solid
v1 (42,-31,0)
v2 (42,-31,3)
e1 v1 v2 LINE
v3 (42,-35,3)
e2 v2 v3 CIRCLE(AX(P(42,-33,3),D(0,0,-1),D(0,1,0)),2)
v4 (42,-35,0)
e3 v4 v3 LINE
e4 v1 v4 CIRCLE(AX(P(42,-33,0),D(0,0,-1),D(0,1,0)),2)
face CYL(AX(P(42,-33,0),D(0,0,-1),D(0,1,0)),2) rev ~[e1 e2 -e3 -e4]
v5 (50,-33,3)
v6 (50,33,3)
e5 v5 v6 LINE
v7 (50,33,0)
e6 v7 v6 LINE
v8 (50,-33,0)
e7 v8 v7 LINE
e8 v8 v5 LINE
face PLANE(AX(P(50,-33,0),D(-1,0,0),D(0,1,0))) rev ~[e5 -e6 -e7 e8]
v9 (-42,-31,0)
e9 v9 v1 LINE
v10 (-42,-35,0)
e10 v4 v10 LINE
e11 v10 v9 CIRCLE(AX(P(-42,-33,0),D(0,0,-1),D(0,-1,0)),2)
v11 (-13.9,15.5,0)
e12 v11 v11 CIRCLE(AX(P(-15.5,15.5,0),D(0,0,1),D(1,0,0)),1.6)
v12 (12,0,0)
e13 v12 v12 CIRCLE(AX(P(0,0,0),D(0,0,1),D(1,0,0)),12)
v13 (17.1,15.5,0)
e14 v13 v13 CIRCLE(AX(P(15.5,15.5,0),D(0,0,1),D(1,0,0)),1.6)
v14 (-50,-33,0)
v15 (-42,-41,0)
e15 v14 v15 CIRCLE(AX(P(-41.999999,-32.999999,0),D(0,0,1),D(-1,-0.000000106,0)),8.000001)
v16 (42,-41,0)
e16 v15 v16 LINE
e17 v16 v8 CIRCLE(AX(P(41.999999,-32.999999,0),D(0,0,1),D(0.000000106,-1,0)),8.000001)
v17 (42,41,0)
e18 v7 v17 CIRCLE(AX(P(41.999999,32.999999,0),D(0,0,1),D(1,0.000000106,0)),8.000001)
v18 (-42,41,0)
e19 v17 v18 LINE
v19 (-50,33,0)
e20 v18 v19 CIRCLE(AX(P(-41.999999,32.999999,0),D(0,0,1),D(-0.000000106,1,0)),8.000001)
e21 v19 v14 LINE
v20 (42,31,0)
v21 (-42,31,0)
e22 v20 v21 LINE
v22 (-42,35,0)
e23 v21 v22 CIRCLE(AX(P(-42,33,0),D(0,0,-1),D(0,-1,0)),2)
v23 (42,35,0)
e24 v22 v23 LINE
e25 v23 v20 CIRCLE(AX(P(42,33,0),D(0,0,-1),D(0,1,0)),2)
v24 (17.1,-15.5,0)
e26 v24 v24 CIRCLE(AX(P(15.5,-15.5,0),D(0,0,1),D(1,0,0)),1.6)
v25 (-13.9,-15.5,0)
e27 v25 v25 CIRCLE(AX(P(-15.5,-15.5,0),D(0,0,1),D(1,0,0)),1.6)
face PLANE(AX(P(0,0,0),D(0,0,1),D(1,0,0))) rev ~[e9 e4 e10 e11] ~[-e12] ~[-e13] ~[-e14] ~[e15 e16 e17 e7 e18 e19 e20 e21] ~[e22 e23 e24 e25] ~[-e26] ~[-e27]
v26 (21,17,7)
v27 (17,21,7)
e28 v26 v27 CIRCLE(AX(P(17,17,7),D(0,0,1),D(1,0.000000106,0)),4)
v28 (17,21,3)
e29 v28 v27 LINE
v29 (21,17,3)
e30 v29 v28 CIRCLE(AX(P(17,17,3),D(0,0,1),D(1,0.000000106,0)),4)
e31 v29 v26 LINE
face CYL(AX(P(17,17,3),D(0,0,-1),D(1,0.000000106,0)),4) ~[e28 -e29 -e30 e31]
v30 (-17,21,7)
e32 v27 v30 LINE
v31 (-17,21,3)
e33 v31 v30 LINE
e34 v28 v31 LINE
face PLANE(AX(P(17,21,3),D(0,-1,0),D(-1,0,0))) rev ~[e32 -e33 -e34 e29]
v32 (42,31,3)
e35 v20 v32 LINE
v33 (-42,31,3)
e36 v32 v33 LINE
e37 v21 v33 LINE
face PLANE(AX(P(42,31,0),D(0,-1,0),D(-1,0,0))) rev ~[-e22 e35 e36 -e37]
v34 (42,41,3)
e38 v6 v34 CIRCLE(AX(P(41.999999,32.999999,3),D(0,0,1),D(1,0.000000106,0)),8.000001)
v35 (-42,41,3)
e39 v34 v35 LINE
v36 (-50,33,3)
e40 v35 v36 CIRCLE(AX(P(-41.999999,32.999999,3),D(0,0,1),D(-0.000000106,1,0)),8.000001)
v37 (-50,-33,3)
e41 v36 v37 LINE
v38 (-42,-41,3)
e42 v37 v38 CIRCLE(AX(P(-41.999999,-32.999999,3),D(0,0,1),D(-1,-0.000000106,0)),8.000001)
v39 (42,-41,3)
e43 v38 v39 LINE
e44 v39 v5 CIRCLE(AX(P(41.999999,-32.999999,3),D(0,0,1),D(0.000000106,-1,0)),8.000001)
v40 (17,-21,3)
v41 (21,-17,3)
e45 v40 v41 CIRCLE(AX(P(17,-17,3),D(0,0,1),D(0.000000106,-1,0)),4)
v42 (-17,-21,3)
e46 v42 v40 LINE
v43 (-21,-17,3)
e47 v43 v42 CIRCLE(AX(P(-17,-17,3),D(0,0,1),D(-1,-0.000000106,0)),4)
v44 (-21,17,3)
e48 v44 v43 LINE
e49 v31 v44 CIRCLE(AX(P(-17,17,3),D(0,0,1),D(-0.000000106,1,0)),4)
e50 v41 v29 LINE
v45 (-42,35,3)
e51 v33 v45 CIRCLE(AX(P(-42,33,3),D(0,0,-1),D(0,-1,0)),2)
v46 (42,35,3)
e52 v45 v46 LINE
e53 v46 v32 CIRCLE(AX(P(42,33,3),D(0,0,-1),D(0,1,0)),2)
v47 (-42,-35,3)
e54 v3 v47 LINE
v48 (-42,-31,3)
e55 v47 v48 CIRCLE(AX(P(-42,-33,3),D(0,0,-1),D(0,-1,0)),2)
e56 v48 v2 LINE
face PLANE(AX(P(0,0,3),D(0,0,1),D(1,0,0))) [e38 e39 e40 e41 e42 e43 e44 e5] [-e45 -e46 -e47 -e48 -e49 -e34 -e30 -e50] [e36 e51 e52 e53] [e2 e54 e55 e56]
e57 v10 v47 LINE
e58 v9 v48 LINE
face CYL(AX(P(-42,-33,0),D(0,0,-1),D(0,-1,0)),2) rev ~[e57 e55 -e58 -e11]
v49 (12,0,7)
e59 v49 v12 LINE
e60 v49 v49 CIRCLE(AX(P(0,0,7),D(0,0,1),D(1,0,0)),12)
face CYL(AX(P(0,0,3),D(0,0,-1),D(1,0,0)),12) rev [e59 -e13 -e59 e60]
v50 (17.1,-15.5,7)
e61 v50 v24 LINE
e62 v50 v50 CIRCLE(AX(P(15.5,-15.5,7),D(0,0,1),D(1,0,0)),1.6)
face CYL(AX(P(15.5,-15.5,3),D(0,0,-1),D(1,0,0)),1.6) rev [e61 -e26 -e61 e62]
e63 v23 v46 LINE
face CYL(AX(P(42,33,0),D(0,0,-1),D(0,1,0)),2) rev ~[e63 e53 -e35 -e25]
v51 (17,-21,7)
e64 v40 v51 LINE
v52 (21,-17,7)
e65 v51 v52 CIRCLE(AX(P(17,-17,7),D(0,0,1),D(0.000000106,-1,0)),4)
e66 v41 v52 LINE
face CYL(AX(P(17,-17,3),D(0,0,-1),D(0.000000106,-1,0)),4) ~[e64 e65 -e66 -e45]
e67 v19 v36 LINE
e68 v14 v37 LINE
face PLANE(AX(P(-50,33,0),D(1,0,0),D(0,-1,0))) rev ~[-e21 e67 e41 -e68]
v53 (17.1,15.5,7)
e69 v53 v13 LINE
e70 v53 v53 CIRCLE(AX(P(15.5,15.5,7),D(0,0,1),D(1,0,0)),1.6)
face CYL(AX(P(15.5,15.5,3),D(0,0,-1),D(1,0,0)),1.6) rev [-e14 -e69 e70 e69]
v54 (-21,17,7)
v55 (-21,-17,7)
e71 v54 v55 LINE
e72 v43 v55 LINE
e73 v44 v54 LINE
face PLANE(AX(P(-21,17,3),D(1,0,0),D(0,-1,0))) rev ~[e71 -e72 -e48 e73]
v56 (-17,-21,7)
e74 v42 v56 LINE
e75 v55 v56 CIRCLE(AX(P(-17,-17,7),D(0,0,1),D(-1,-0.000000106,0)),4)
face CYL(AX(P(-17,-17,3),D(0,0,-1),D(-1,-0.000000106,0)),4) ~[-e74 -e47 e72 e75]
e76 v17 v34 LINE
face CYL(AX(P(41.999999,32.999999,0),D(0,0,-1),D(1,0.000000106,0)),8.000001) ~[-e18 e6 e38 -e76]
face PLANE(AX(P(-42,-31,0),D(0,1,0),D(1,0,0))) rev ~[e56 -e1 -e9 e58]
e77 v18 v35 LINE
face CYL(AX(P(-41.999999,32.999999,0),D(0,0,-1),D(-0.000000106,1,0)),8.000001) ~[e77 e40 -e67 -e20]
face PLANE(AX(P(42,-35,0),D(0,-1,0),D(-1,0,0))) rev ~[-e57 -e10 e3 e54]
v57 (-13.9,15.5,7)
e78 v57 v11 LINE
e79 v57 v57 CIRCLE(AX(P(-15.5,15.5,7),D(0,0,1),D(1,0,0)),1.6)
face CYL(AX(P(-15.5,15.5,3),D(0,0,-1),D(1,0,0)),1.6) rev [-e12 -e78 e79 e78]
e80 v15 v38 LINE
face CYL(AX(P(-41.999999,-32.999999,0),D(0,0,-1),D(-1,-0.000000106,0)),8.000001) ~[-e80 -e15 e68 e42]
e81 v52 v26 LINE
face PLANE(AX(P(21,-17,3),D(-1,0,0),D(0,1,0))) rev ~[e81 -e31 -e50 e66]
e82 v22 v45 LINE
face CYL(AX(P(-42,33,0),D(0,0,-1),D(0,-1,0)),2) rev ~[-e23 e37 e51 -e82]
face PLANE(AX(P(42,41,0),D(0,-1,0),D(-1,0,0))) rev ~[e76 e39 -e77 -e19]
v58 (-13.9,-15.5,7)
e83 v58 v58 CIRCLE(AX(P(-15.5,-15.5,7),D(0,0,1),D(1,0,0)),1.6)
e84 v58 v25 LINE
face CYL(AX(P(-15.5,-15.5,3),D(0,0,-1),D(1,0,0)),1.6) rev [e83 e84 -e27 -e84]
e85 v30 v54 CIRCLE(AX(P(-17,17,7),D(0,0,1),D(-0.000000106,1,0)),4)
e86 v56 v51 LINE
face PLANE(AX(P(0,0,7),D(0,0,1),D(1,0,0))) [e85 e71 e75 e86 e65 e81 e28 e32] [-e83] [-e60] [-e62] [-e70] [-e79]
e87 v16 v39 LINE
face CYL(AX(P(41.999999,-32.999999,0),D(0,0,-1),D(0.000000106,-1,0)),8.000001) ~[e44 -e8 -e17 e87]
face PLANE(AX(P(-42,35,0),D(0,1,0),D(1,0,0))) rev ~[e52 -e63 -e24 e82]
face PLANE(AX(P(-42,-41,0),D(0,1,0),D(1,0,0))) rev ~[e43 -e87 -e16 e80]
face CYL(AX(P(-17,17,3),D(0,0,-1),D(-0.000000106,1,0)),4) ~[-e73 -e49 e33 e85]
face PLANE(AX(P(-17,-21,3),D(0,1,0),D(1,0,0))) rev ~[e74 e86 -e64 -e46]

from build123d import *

# Parameters (mm, degrees)
F0_R     = 1.6
F0_R_2   = 12
F1_DEPTH = 3
F2_R     = 1.6
F2_R_2   = 12
F3_DEPTH = 4


with BuildPart() as f1:
    # F0 (on Top) → F1 (new body)
    with BuildSketch(Plane.XY):
        with BuildLine():
            ThreePointArc((50, 33), (47.656854, 38.656854), (42, 41))
            Line((42, 41), (-42, 41))
            ThreePointArc((-42, 41), (-47.656854, 38.656854), (-50, 33))
            Line((-50, 33), (-50, -33))
            ThreePointArc((-50, -33), (-47.656854, -38.656854), (-42, -41))
            Line((-42, -41), (42, -41))
            ThreePointArc((42, -41), (47.656854, -38.656854), (50, -33))
            Line((50, -33), (50, 33))
        make_face()
        with Locations((-15.5, -15.5)):
            Circle(F0_R, mode=Mode.SUBTRACT)
        with BuildLine():
            Line((42, -35), (-42, -35))
            ThreePointArc((-42, -35), (-44, -33), (-42, -31))
            Line((-42, -31), (42, -31))
            ThreePointArc((42, -31), (44, -33), (42, -35))
        make_face(mode=Mode.SUBTRACT)
        with Locations((15.5, -15.5)):
            Circle(F0_R, mode=Mode.SUBTRACT)
        with Locations((-15.5, 15.5)):
            Circle(F0_R, mode=Mode.SUBTRACT)
        Circle(F0_R_2, mode=Mode.SUBTRACT)
        with Locations((15.5, 15.5)):
            Circle(F0_R, mode=Mode.SUBTRACT)
        with BuildLine():
            Line((42, 31), (-42, 31))
            ThreePointArc((-42, 31), (-44, 33), (-42, 35))
            Line((-42, 35), (42, 35))
            ThreePointArc((42, 35), (44, 33), (42, 31))
        make_face(mode=Mode.SUBTRACT)
    extrude(amount=F1_DEPTH)

    # F2 (on face) → F3 (join)
    with BuildSketch(Plane.XY.offset(3)):
        with BuildLine():
            ThreePointArc((21, 17), (19.828427, 19.828427), (17, 21))
            Line((17, 21), (-17, 21))
            ThreePointArc((-17, 21), (-19.828427, 19.828427), (-21, 17))
            Line((-21, 17), (-21, -17))
            ThreePointArc((-21, -17), (-19.828427, -19.828427), (-17, -21))
            Line((-17, -21), (17, -21))
            ThreePointArc((17, -21), (19.828427, -19.828427), (21, -17))
            Line((21, -17), (21, 17))
        make_face()
        with Locations((-15.5, -15.5)):
            Circle(F2_R, mode=Mode.SUBTRACT)
        with Locations((15.5, -15.5)):
            Circle(F2_R, mode=Mode.SUBTRACT)
        with Locations((-15.5, 15.5)):
            Circle(F2_R, mode=Mode.SUBTRACT)
        Circle(F2_R_2, mode=Mode.SUBTRACT)
        with Locations((15.5, 15.5)):
            Circle(F2_R, mode=Mode.SUBTRACT)
    extrude(amount=F3_DEPTH)


solid = f1.part
